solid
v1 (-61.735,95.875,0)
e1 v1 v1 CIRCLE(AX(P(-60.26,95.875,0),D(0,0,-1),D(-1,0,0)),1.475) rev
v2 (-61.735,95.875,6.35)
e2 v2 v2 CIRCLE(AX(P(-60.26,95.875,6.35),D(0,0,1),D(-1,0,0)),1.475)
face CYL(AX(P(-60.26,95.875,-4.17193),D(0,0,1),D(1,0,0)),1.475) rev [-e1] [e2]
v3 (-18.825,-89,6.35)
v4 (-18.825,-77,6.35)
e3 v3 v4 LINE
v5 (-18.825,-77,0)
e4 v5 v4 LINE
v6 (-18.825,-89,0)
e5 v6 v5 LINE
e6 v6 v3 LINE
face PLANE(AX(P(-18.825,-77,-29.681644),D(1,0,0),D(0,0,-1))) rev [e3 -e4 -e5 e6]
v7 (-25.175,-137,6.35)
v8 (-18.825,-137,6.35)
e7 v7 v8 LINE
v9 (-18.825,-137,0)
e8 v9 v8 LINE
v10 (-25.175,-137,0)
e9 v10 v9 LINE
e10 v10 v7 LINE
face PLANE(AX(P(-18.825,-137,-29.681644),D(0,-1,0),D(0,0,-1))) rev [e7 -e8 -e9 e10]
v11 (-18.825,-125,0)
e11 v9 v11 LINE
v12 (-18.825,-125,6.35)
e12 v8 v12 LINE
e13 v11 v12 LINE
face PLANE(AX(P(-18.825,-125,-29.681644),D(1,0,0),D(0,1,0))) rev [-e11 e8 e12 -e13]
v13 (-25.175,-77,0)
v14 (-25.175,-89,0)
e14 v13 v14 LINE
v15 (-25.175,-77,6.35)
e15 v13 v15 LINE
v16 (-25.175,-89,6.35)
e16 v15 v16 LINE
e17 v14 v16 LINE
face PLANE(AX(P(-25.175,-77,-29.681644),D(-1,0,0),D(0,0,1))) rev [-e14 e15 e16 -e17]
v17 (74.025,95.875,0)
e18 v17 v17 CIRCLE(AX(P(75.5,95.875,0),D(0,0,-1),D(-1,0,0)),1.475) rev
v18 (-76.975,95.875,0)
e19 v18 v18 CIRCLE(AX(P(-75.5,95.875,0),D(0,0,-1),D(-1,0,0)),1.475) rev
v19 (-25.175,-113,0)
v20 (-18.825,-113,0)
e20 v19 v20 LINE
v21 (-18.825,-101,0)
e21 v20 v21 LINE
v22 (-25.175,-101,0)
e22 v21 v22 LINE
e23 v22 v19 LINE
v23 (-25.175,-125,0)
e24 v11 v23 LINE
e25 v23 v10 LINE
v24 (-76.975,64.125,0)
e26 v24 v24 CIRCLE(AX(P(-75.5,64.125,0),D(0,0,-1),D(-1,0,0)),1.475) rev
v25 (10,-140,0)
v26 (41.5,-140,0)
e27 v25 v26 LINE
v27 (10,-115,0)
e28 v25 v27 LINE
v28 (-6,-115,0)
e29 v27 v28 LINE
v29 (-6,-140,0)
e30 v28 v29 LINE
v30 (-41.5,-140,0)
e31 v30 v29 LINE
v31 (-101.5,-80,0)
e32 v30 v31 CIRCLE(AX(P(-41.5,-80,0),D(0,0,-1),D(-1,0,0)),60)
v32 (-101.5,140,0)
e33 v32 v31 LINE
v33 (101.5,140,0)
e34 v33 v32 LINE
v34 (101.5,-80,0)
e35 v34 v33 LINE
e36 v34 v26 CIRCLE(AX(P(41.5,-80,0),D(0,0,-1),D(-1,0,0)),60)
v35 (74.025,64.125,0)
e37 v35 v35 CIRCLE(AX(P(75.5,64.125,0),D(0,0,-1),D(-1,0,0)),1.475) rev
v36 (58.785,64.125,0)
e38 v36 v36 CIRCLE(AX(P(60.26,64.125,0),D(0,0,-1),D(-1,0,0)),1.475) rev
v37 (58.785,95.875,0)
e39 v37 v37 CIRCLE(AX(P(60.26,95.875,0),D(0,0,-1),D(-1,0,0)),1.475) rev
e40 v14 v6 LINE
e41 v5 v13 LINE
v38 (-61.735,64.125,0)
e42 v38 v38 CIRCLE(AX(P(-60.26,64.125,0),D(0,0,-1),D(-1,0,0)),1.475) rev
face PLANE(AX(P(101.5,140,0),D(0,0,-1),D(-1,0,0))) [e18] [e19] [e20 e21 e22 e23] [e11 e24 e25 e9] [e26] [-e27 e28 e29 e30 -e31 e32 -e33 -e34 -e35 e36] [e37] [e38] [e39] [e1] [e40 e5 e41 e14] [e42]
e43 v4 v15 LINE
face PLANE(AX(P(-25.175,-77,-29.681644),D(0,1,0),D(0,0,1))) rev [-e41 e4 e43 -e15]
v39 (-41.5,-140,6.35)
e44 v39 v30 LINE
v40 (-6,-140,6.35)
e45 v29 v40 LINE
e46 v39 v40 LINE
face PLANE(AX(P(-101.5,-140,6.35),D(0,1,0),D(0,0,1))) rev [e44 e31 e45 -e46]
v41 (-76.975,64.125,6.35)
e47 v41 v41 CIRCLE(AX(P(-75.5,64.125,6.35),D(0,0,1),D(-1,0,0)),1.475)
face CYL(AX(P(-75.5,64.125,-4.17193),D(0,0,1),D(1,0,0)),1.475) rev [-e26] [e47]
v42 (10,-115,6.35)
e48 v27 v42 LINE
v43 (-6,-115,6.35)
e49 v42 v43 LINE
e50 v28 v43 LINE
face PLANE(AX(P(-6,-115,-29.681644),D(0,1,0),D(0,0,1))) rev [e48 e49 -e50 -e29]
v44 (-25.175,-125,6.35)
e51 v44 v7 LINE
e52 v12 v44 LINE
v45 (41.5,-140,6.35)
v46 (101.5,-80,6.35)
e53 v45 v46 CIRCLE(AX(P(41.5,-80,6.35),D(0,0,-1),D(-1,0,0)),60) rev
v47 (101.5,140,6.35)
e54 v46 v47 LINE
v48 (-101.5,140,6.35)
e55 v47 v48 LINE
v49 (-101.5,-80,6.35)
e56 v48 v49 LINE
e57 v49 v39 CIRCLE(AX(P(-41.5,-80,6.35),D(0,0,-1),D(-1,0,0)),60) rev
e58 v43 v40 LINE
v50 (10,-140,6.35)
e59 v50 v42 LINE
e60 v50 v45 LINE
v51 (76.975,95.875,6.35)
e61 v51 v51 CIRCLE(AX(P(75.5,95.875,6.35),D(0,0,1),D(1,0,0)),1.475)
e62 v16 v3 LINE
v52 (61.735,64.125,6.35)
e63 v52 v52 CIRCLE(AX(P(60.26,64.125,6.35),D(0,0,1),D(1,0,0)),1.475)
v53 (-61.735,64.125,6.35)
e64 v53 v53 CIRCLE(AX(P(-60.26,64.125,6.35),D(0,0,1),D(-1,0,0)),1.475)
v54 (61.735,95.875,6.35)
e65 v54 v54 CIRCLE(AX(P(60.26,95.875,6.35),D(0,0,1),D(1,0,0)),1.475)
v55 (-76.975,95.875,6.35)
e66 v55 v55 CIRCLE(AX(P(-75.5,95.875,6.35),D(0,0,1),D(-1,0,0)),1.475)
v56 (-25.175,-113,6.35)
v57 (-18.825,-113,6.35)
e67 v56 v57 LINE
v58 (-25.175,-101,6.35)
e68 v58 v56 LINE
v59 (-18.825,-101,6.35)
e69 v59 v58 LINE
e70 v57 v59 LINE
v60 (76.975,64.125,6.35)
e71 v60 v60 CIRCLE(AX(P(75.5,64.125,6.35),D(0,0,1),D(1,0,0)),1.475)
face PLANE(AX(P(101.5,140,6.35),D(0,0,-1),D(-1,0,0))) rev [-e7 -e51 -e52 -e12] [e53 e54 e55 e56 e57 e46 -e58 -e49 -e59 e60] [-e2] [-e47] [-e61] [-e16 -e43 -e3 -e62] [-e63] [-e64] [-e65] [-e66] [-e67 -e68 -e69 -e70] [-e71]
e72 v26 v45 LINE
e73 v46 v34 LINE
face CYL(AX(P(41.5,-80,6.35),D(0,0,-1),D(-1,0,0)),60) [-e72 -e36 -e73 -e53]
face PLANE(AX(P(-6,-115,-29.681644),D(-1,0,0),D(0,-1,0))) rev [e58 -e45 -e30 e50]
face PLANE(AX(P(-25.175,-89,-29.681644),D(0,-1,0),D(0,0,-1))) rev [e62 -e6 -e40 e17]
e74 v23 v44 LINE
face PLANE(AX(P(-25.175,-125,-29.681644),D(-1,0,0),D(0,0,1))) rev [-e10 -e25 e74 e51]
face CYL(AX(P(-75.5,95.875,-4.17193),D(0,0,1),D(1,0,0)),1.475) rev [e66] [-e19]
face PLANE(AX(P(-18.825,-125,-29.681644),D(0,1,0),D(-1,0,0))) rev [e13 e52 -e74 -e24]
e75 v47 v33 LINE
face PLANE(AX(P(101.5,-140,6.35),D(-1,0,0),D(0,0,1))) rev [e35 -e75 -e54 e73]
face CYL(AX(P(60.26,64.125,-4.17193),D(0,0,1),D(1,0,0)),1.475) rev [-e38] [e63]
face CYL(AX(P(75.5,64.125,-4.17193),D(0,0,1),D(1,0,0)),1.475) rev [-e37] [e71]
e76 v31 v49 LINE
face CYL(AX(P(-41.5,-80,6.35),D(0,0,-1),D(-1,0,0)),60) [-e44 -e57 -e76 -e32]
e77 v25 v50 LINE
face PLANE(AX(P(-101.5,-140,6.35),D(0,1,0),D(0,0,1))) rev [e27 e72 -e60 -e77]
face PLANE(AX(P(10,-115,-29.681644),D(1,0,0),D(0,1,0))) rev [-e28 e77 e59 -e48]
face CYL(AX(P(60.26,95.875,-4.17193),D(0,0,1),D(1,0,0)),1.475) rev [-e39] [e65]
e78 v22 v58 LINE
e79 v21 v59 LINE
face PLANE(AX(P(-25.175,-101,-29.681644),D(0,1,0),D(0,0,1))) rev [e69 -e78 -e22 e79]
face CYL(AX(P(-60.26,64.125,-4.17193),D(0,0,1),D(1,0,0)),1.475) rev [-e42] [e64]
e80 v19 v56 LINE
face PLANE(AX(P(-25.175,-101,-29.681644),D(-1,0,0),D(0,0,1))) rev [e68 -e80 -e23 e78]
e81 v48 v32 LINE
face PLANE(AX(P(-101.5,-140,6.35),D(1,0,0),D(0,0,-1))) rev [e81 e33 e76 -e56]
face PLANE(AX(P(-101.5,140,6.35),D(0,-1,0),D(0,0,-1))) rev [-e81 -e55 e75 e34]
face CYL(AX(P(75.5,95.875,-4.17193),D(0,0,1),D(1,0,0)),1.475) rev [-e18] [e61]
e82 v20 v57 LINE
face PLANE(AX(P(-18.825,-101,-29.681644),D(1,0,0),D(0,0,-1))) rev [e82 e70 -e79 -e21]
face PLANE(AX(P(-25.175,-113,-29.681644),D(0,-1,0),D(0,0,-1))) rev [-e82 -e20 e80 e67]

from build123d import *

# Parameters (mm, degrees)
SKETCH1_W           = 203
SKETCH1_H           = 280
BOSS_EXTRUDE1_DEPTH = 6.35
SKETCH2_R           = 1.475
CUT_EXTRUDE1_DEPTH  = 6.35
SKETCH3_W           = 6.35
SKETCH3_H           = 12
SKETCH3_W_2         = 16
SKETCH3_H_2         = 25
CUT_EXTRUDE2_DEPTH  = 6.35
FILLET1_R           = 60


with BuildPart() as part:
    # Sketch1 → Boss-Extrude1 (new body)
    with BuildSketch(Plane.XY):
        Rectangle(SKETCH1_W, SKETCH1_H)
    extrude(amount=BOSS_EXTRUDE1_DEPTH)

    # Sketch2 → Cut-Extrude1 (cut)
    with BuildSketch(Plane.XY.offset(6.35)):
        with Locations((60.26, 95.875)):
            Circle(SKETCH2_R)
        with Locations((75.5, 95.875)):
            Circle(SKETCH2_R)
        with Locations((60.26, 64.125)):
            Circle(SKETCH2_R)
        with Locations((75.5, 64.125)):
            Circle(SKETCH2_R)
        with Locations((-75.5, 64.125)):
            Circle(SKETCH2_R)
        with Locations((-60.26, 64.125)):
            Circle(SKETCH2_R)
        with Locations((-75.5, 95.875)):
            Circle(SKETCH2_R)
        with Locations((-60.26, 95.875)):
            Circle(SKETCH2_R)
    extrude(amount=-CUT_EXTRUDE1_DEPTH, mode=Mode.SUBTRACT)

    # Sketch3 → Cut-Extrude2 (cut)
    with BuildSketch(Plane.XY.offset(6.35)):
        with Locations((-22, -131)):
            Rectangle(SKETCH3_W, SKETCH3_H)
        with Locations((-22, -107)):
            Rectangle(SKETCH3_W, SKETCH3_H)
        with Locations((-22, -83)):
            Rectangle(SKETCH3_W, SKETCH3_H)
        with Locations((2, -127.5)):
            Rectangle(SKETCH3_W_2, SKETCH3_H_2)
    extrude(amount=-CUT_EXTRUDE2_DEPTH, mode=Mode.SUBTRACT)

    # Fillet1
    fillet1_edges = [part.edges().sort_by_distance(p)[0] for p in [
        (101.5, -140, 3.175),
        (-101.5, -140, 3.175),
    ]]
    fillet(fillet1_edges, radius=FILLET1_R)


solid = part.part
